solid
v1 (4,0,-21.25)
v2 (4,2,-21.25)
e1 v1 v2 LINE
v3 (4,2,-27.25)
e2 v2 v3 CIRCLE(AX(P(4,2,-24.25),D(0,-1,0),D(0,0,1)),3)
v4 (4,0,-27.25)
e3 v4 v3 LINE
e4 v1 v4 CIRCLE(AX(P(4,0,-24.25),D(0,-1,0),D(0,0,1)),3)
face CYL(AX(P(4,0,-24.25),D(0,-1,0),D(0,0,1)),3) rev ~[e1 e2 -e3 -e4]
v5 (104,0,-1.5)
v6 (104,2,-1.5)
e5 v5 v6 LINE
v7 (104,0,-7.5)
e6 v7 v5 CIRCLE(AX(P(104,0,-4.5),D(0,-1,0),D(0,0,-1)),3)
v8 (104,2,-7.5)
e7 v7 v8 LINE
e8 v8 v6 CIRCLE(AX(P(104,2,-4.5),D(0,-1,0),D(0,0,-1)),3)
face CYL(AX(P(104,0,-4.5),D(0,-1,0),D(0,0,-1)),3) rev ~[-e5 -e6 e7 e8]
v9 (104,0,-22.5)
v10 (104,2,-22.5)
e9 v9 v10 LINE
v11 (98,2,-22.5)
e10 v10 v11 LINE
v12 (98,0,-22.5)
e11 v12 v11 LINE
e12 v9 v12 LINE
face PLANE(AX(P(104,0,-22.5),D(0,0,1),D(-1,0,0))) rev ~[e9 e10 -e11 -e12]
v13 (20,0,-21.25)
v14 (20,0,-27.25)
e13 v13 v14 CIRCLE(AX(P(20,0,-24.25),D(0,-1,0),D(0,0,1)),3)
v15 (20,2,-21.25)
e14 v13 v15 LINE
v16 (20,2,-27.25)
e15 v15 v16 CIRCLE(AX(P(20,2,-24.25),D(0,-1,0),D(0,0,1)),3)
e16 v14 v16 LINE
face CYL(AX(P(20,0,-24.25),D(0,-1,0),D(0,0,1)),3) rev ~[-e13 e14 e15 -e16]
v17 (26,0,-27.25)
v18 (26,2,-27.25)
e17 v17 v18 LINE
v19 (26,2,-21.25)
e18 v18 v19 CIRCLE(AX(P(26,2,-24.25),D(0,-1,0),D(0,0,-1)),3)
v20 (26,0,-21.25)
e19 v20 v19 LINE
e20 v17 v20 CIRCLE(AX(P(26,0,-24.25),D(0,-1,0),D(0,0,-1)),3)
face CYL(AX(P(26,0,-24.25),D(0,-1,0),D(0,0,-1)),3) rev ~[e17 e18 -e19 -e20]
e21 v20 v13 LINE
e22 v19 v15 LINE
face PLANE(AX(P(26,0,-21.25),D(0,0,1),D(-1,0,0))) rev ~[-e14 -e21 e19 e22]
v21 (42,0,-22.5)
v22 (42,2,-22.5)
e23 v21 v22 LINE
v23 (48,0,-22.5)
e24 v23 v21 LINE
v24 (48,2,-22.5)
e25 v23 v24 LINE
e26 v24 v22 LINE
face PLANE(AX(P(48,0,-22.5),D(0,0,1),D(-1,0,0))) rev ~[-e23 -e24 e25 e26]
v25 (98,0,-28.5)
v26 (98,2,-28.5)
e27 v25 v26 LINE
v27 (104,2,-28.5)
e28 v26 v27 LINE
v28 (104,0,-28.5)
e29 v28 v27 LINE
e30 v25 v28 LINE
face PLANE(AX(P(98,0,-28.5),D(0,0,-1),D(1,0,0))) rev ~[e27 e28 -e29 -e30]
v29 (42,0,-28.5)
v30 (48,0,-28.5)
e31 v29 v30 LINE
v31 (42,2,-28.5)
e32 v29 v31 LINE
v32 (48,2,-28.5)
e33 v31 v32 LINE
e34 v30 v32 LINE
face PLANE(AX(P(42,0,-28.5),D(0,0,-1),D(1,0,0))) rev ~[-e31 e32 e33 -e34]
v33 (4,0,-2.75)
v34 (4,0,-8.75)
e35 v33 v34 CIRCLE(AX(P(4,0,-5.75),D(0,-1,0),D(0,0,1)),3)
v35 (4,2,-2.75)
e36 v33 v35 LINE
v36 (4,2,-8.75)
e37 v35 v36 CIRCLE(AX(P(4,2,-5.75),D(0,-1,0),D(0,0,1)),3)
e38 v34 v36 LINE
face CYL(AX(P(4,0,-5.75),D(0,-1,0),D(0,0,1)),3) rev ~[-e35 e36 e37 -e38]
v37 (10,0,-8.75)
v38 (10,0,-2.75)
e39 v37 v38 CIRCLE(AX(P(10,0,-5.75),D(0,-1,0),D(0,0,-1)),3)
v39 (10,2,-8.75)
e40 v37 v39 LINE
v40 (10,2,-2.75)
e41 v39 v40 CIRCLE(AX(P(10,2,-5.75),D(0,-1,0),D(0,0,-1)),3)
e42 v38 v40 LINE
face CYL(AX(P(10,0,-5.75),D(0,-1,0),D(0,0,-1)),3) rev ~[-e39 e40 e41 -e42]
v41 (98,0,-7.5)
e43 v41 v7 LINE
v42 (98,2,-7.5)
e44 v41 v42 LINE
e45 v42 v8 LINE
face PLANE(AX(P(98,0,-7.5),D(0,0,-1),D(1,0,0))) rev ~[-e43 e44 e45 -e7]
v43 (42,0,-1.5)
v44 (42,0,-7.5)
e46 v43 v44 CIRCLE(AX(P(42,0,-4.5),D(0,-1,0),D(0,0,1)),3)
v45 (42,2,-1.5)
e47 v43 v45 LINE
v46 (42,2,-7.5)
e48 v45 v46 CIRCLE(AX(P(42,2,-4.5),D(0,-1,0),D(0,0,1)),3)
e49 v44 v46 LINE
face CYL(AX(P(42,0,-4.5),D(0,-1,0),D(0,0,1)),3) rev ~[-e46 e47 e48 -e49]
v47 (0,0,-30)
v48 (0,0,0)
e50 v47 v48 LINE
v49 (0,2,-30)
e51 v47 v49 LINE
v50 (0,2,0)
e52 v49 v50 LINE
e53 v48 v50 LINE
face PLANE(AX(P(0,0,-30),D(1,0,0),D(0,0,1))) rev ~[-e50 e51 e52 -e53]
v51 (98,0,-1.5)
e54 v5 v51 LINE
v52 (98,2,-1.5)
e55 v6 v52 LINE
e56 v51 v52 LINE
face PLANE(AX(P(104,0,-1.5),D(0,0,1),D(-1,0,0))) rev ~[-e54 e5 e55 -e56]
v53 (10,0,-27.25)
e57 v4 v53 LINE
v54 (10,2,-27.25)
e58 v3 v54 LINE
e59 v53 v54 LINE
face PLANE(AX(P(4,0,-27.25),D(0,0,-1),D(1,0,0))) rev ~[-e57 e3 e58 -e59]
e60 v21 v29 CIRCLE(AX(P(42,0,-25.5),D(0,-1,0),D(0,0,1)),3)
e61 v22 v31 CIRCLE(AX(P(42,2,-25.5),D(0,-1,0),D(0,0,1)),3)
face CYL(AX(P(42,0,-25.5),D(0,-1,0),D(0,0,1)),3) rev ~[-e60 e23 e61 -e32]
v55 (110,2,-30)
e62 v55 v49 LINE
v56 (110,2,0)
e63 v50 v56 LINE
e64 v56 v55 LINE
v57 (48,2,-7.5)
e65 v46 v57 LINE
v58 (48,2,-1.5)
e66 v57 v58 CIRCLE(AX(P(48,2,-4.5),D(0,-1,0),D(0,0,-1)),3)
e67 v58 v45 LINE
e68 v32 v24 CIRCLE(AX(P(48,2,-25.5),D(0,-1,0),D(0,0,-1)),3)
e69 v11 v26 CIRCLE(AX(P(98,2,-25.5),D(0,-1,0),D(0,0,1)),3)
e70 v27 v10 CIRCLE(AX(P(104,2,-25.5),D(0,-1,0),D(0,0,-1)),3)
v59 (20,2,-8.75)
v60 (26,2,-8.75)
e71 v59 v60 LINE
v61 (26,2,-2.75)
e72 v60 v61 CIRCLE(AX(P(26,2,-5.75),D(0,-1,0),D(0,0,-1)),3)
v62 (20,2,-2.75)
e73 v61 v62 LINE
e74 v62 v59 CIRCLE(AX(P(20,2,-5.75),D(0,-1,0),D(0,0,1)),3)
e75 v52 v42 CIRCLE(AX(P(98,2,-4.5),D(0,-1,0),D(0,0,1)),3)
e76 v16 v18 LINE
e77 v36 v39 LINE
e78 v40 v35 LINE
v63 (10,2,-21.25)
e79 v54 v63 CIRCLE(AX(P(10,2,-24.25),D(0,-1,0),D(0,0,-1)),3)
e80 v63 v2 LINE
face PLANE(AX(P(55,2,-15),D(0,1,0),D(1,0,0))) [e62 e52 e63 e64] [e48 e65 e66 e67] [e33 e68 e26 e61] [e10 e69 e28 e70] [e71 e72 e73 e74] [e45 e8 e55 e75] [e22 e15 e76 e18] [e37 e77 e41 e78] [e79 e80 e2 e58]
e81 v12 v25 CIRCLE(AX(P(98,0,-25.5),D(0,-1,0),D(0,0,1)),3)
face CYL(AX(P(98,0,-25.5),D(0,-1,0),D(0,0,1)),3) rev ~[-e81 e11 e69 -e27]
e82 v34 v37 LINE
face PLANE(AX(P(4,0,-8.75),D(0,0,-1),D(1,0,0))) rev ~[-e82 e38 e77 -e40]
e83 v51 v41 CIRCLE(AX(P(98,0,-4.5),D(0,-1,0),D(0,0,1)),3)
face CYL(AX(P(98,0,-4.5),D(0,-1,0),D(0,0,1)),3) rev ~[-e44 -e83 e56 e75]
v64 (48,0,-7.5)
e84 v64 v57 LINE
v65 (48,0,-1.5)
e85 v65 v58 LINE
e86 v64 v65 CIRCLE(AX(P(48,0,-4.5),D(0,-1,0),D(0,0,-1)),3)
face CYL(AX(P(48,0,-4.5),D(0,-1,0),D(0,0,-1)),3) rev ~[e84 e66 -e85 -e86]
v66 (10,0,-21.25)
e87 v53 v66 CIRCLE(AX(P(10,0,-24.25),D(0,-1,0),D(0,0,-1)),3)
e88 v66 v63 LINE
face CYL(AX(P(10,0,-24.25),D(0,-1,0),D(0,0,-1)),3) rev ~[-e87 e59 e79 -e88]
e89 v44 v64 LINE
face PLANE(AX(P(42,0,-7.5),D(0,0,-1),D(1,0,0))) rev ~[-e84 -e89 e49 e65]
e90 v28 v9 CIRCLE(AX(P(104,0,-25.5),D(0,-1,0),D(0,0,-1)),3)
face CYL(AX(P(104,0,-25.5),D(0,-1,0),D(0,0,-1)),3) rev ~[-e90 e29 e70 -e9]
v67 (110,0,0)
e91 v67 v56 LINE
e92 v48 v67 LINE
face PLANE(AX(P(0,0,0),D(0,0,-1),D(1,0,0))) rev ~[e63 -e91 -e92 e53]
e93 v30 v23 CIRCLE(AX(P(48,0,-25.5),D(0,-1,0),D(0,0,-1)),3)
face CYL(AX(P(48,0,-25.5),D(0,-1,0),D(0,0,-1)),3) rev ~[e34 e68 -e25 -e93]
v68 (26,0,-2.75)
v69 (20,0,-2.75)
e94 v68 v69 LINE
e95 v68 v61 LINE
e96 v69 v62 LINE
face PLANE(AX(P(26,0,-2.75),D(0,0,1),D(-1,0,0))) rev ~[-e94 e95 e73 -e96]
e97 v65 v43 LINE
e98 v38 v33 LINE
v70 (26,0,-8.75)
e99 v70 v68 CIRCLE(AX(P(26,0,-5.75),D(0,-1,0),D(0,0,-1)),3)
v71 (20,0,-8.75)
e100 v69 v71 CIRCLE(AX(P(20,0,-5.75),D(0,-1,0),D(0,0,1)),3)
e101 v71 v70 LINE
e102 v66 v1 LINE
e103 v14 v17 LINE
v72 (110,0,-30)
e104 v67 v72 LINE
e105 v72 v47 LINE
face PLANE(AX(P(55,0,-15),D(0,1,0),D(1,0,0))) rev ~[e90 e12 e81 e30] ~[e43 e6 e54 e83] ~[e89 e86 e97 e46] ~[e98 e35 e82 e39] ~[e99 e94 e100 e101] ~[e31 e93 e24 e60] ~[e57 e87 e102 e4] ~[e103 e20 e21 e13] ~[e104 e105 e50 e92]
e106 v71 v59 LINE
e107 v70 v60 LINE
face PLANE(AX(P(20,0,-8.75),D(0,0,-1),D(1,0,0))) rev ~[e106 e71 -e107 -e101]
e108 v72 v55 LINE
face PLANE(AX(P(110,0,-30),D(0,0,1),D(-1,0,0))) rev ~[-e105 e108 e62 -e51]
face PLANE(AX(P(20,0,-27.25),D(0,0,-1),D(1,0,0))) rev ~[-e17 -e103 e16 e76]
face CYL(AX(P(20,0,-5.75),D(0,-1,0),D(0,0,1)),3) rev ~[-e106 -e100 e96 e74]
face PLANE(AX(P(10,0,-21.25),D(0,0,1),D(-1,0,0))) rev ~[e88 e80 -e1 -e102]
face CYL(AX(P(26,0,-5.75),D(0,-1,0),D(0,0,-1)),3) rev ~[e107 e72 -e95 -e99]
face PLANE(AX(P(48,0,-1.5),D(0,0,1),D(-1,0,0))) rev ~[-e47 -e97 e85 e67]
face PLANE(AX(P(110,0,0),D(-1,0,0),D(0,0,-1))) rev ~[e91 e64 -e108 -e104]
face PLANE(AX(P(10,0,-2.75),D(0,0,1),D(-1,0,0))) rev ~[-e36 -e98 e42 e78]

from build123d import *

# Parameters (mm, degrees)
EXTRUDE_1_DEPTH = 2


with BuildPart() as part:
    # 草图1 → 凸台-拉伸1 (new body)
    with BuildSketch(Plane(origin=(0, 0, 0), x_dir=(1, 0, 0), z_dir=(0, 1, 0))):
        Polygon((0, 5.75), (0, 0), (110, 0), (110, 30), (0, 30), (0, 15), align=None)
        with BuildLine():
            ThreePointArc((4, 2.75), (1, 5.75), (4, 8.75))
            Line((4, 8.75), (10, 8.75))
            ThreePointArc((10, 8.75), (13, 5.75), (10, 2.75))
            Line((10, 2.75), (4, 2.75))
        make_face(mode=Mode.SUBTRACT)
        with BuildLine():
            ThreePointArc((20, 2.75), (17, 5.75), (20, 8.75))
            Line((20, 8.75), (26, 8.75))
            ThreePointArc((26, 8.75), (29, 5.75), (26, 2.75))
            Line((26, 2.75), (20, 2.75))
        make_face(mode=Mode.SUBTRACT)
        with BuildLine():
            ThreePointArc((42, 1.5), (39, 4.5), (42, 7.5))
            Line((42, 7.5), (48, 7.5))
            ThreePointArc((48, 7.5), (51, 4.5), (48, 1.5))
            Line((48, 1.5), (42, 1.5))
        make_face(mode=Mode.SUBTRACT)
        with BuildLine():
            ThreePointArc((98, 1.5), (95, 4.5), (98, 7.5))
            Line((98, 7.5), (104, 7.5))
            ThreePointArc((104, 7.5), (107, 4.5), (104, 1.5))
            Line((104, 1.5), (98, 1.5))
        make_face(mode=Mode.SUBTRACT)
        with BuildLine():
            Line((10, 21.25), (4, 21.25))
            ThreePointArc((4, 21.25), (1, 24.25), (4, 27.25))
            Line((4, 27.25), (10, 27.25))
            ThreePointArc((10, 27.25), (13, 24.25), (10, 21.25))
        make_face(mode=Mode.SUBTRACT)
        with BuildLine():
            Line((26, 21.25), (20, 21.25))
            ThreePointArc((20, 21.25), (17, 24.25), (20, 27.25))
            Line((20, 27.25), (26, 27.25))
            ThreePointArc((26, 27.25), (29, 24.25), (26, 21.25))
        make_face(mode=Mode.SUBTRACT)
        with BuildLine():
            Line((48, 22.5), (42, 22.5))
            ThreePointArc((42, 22.5), (39, 25.5), (42, 28.5))
            Line((42, 28.5), (48, 28.5))
            ThreePointArc((48, 28.5), (51, 25.5), (48, 22.5))
        make_face(mode=Mode.SUBTRACT)
        with BuildLine():
            Line((104, 22.5), (98, 22.5))
            ThreePointArc((98, 22.5), (95, 25.5), (98, 28.5))
            Line((98, 28.5), (104, 28.5))
            ThreePointArc((104, 28.5), (107, 25.5), (104, 22.5))
        make_face(mode=Mode.SUBTRACT)
    extrude(amount=EXTRUDE_1_DEPTH)


solid = part.part
